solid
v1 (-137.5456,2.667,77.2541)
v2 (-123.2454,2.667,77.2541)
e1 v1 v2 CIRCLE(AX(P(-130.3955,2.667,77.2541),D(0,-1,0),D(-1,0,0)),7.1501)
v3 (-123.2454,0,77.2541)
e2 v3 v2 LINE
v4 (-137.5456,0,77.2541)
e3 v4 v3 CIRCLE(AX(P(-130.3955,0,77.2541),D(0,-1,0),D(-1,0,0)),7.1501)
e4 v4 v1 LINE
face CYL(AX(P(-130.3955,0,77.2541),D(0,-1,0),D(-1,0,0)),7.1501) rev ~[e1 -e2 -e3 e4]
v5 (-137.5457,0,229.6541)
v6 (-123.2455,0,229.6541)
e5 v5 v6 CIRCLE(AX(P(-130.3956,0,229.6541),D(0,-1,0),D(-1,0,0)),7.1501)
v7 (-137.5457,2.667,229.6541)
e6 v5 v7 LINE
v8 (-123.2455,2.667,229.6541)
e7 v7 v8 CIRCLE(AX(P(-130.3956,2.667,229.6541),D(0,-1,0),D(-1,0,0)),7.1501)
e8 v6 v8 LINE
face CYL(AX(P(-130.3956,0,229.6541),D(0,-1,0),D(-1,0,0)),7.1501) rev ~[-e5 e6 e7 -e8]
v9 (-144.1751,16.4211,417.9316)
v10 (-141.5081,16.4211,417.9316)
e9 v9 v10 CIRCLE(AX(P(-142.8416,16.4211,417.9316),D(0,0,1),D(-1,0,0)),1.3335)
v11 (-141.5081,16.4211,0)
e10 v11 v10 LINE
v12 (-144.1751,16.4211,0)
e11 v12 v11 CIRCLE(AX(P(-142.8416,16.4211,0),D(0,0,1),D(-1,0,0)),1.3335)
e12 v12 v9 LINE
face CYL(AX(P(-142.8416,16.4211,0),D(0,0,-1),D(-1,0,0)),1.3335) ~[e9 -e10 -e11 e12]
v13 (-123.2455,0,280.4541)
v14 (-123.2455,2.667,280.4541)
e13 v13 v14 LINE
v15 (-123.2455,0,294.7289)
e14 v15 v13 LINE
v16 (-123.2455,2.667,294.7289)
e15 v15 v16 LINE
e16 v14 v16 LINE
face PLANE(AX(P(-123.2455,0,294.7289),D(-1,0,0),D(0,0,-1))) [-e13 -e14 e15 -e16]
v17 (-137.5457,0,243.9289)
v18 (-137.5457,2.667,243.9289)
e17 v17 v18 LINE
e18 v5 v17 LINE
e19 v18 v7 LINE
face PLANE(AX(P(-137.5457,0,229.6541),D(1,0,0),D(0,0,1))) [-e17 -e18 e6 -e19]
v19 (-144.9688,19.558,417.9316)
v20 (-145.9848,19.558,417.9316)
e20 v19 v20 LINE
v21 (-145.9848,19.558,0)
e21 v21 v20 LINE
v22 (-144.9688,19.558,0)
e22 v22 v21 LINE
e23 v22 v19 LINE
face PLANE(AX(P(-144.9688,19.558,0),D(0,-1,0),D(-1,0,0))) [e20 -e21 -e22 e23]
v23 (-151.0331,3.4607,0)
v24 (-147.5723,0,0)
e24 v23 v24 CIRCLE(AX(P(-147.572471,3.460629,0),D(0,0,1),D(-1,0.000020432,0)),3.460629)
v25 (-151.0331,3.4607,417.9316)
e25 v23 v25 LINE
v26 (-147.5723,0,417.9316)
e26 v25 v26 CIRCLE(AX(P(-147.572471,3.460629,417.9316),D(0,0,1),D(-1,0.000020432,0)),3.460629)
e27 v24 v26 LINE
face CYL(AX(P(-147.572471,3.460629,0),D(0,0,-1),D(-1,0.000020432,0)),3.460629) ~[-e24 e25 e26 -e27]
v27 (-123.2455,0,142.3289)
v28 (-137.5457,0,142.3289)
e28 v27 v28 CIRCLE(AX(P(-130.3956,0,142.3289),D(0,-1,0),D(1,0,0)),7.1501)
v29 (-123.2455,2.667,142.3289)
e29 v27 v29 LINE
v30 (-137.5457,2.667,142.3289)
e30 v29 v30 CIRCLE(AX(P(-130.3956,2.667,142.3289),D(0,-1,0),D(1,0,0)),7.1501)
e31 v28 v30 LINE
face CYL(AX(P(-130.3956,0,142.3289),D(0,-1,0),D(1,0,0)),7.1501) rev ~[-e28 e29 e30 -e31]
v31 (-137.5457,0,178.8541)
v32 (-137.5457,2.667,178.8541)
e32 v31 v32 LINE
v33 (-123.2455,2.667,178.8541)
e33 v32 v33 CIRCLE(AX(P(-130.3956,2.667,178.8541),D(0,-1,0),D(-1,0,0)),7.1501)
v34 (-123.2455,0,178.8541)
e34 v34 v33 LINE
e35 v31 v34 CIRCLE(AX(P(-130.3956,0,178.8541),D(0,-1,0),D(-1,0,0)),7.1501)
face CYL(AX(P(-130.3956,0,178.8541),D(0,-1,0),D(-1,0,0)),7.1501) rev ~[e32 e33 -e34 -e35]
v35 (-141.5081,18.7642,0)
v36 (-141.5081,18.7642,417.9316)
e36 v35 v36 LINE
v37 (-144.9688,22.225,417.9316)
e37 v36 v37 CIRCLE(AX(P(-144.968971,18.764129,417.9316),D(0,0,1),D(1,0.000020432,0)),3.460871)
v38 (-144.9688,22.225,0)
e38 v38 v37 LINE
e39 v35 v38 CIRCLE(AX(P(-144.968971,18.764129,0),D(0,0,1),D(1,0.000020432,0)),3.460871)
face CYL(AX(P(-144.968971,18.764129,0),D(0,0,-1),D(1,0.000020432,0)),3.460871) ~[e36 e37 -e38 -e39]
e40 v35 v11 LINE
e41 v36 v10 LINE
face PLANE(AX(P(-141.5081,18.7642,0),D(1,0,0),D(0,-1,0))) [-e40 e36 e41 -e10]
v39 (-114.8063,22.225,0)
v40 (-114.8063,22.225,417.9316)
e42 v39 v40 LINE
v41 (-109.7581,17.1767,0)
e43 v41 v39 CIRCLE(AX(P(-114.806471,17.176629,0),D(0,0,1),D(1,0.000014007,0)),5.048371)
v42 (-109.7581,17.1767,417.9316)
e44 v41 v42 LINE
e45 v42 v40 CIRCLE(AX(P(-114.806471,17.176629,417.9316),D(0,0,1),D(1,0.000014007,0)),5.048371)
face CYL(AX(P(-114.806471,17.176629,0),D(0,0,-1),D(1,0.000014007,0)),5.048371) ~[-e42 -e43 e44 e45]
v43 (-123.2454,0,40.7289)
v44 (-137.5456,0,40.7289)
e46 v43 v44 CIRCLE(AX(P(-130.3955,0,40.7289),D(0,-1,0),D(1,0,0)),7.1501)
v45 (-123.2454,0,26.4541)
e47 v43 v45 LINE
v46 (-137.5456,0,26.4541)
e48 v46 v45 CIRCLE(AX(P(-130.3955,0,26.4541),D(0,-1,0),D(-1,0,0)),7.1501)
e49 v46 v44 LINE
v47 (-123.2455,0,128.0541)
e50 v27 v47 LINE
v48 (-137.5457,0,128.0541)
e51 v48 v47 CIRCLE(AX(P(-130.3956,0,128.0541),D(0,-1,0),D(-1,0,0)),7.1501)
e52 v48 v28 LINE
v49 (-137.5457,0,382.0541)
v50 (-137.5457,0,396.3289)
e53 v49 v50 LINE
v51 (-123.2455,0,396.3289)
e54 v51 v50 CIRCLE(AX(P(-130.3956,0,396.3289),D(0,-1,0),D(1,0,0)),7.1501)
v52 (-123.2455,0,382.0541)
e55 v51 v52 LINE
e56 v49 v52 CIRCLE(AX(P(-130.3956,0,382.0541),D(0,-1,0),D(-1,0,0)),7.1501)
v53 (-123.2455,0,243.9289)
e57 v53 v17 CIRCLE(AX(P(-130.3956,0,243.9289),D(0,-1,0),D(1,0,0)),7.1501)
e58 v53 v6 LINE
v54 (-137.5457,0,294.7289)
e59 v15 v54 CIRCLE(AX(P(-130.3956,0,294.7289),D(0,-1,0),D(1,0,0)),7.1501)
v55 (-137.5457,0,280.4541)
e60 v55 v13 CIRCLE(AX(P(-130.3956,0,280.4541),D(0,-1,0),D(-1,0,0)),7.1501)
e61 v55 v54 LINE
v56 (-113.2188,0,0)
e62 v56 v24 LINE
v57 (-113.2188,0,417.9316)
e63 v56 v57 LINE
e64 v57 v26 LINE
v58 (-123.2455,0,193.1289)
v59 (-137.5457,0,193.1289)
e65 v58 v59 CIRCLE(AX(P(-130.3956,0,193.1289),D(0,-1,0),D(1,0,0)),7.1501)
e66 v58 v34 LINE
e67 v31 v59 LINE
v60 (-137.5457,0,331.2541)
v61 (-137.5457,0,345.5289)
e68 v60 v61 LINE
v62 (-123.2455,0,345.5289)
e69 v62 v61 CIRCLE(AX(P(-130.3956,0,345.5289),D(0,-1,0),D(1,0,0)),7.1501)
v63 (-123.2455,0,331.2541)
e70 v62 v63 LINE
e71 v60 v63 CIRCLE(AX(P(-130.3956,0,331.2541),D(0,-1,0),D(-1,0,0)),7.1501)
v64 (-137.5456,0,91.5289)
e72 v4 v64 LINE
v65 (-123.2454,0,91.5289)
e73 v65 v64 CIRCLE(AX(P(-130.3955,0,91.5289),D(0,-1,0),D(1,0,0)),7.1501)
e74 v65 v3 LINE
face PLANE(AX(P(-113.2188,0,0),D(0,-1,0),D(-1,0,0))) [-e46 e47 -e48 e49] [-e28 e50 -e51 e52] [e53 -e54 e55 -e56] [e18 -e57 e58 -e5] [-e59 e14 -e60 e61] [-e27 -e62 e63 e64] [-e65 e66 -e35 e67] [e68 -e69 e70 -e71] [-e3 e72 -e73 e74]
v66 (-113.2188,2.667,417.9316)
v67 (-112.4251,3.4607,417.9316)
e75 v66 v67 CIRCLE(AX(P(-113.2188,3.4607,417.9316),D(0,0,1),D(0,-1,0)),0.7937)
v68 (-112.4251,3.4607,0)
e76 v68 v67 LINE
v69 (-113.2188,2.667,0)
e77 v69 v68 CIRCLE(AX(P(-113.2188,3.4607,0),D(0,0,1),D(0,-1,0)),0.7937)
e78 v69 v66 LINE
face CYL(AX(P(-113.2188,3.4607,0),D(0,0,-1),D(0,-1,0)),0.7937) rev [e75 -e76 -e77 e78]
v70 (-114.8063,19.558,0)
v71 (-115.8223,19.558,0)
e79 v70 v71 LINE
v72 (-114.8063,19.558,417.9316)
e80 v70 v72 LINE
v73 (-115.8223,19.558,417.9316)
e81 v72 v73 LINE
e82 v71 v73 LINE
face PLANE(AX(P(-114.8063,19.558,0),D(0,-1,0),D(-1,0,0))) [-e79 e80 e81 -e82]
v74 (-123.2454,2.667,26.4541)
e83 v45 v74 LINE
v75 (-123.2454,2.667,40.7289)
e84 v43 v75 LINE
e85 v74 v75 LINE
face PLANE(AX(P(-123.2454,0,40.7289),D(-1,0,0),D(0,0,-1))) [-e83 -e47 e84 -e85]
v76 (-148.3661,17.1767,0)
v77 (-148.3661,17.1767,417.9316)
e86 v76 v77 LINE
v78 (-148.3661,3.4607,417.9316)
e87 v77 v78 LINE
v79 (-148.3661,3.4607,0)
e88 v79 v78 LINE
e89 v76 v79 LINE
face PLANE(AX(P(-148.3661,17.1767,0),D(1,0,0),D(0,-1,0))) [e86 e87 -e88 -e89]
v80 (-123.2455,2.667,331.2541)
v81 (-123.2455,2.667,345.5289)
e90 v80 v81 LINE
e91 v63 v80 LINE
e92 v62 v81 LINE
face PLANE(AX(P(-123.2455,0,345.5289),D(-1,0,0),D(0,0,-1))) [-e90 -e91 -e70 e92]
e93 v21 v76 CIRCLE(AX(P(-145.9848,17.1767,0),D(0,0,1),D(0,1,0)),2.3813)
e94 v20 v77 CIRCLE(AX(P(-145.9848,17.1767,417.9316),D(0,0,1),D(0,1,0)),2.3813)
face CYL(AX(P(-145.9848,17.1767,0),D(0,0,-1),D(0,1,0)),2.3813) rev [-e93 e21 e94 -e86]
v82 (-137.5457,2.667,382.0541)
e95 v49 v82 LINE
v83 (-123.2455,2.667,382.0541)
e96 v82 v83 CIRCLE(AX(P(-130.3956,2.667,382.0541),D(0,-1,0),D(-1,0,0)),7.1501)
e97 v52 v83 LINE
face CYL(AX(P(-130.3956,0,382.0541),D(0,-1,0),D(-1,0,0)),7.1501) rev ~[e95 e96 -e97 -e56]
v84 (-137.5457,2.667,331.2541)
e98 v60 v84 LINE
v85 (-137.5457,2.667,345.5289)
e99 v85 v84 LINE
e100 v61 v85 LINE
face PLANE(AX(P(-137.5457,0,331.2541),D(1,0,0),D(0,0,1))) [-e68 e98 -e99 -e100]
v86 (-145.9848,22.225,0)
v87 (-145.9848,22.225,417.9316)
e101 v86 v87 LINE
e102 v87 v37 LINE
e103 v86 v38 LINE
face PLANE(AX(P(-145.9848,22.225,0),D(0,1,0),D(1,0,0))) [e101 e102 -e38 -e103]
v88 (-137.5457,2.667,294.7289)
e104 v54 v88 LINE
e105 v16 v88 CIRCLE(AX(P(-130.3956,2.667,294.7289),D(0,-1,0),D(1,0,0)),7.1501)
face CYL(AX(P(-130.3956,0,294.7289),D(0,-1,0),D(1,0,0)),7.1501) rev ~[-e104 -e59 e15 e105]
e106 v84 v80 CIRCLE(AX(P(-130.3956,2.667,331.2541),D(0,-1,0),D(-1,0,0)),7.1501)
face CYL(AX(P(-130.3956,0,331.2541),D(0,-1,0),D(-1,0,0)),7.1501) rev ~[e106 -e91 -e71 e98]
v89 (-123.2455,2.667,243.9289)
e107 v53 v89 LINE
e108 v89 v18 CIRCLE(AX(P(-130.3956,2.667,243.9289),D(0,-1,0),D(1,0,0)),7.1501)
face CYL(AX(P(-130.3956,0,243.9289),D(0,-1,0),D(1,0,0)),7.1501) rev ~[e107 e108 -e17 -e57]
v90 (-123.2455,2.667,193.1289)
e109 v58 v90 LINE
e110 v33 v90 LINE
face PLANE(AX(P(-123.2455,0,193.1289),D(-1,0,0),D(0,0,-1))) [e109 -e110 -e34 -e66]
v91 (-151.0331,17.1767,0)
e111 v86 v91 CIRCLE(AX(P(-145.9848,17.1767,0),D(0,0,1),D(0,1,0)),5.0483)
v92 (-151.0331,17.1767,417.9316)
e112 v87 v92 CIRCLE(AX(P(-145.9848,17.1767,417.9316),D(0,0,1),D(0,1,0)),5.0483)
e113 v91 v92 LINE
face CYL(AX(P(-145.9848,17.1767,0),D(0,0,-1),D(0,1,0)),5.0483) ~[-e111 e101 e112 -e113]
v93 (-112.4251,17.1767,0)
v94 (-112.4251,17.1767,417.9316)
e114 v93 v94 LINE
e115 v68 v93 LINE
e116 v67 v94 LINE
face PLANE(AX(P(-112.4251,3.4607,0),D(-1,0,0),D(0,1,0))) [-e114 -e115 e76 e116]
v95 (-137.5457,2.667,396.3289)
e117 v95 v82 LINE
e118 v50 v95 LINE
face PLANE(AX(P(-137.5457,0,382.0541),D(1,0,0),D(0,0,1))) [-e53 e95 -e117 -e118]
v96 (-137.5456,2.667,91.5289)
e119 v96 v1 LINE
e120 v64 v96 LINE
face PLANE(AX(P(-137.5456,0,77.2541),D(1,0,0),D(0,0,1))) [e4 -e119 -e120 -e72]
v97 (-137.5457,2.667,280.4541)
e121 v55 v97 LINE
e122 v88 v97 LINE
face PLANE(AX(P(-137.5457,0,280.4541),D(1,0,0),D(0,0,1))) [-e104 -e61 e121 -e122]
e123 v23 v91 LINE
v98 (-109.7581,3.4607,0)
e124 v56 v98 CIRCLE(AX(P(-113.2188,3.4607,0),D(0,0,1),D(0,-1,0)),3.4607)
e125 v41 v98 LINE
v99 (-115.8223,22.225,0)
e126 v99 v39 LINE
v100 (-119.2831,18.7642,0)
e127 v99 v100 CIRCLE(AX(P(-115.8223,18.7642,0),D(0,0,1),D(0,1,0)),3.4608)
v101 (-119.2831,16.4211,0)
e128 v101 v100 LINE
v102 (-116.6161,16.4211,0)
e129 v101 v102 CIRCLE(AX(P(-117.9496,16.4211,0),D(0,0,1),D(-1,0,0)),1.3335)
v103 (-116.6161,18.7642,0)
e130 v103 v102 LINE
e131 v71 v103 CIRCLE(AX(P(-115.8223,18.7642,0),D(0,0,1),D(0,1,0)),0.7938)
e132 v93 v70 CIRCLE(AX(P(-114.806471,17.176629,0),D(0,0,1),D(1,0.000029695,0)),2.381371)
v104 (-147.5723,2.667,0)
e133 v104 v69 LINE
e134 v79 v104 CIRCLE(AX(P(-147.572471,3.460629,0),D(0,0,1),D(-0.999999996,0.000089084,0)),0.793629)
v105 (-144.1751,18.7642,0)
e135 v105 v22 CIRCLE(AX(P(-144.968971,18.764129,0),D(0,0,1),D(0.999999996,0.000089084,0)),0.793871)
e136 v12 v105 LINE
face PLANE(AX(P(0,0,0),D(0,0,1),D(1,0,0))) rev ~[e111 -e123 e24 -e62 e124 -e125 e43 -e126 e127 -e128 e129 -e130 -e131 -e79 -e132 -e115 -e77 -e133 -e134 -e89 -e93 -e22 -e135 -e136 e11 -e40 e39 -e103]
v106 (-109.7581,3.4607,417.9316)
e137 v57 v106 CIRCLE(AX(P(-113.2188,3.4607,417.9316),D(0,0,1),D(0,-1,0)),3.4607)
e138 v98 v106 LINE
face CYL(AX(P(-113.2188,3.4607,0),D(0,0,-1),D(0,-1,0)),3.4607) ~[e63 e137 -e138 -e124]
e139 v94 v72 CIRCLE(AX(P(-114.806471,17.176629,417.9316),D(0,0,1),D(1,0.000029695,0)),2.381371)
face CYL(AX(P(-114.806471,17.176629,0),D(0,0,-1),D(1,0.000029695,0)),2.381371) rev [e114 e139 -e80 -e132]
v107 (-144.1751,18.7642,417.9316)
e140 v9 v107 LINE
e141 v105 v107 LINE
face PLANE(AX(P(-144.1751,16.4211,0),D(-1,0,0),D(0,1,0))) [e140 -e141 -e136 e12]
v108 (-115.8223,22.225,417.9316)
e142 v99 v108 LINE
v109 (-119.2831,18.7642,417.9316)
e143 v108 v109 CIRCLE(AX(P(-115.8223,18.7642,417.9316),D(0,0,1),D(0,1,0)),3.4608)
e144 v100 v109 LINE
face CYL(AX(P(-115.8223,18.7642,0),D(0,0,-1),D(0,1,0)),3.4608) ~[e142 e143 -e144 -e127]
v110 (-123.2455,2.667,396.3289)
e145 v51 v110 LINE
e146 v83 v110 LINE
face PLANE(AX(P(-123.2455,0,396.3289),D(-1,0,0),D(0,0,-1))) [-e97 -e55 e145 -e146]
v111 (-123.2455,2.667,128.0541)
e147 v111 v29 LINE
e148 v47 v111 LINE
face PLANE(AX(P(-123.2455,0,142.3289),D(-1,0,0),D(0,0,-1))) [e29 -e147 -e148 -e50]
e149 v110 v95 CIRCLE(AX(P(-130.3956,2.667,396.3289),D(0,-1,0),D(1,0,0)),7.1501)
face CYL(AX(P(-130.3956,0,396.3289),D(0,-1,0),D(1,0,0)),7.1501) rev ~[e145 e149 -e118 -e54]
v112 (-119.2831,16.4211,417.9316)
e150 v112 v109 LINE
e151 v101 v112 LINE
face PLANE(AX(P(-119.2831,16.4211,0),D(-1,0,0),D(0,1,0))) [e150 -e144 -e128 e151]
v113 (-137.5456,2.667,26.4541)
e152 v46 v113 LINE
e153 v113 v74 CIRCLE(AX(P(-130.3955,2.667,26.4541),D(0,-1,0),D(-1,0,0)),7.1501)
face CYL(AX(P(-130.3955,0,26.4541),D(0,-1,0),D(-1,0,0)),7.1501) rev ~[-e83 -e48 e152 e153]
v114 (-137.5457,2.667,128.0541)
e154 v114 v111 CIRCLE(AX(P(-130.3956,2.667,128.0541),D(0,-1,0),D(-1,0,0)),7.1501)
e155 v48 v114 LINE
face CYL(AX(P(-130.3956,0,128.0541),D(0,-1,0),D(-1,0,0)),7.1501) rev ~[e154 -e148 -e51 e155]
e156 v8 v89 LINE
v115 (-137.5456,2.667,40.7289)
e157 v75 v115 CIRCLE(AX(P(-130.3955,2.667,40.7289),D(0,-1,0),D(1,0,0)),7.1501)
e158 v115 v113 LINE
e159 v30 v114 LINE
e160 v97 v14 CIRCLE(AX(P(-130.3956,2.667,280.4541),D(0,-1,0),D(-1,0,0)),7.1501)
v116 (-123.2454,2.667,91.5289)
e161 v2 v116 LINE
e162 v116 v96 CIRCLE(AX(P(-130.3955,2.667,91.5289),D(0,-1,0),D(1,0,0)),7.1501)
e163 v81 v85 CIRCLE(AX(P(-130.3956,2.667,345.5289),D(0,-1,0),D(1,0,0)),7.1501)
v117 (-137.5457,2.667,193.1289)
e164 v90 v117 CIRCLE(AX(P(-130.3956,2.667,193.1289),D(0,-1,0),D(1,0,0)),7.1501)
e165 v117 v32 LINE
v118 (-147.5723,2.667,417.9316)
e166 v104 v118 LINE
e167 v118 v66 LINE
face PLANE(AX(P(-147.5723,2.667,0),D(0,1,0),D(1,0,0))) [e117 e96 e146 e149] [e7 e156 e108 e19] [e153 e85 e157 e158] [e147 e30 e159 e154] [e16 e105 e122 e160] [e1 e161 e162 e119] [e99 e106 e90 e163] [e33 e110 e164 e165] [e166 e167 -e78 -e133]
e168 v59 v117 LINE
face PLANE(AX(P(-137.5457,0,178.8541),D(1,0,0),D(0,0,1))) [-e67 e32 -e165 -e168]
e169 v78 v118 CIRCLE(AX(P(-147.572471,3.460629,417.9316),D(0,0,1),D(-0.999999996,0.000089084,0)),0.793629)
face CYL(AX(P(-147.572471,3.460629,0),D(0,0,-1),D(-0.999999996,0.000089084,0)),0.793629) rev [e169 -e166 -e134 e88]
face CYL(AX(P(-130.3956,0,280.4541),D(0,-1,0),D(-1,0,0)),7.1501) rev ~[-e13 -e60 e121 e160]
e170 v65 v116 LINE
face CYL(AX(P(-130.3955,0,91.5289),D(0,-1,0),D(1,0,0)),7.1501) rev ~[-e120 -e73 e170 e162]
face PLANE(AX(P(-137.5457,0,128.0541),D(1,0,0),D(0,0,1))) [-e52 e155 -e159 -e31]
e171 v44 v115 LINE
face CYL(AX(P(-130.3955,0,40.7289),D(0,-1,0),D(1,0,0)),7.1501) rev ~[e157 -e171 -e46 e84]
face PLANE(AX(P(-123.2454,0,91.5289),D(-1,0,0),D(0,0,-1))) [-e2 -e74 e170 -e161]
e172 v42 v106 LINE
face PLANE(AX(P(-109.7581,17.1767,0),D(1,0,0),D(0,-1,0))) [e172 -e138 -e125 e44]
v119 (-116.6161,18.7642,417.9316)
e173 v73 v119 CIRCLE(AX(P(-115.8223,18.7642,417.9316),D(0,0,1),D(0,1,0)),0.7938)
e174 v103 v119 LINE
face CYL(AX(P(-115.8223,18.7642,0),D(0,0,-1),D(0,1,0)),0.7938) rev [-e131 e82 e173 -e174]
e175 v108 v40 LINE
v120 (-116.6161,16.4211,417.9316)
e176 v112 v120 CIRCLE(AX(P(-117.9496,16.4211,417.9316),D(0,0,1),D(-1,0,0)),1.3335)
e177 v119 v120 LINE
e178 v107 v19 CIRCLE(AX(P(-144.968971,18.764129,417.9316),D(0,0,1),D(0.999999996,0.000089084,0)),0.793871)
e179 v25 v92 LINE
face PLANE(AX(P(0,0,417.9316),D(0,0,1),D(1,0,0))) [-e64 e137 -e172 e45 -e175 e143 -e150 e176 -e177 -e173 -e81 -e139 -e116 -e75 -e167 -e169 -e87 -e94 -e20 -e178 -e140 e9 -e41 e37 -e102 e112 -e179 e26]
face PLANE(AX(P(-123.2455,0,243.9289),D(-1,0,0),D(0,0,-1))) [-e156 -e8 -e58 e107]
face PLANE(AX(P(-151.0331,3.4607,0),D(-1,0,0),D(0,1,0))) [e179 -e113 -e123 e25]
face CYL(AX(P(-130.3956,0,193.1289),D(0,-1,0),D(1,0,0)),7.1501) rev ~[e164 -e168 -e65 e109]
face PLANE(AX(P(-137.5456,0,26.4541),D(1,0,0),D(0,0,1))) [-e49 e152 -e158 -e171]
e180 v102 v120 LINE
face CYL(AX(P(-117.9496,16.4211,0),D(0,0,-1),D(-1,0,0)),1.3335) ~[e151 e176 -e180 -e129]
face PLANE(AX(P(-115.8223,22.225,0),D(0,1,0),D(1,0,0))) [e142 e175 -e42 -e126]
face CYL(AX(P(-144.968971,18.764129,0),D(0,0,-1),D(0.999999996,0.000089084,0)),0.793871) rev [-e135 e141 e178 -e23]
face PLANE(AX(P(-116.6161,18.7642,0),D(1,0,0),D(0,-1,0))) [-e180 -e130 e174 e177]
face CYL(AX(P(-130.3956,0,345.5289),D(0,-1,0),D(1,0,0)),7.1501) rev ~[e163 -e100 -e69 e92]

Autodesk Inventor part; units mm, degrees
ref_plane "YZ Plane" through (0, 0, 0) normal (1, 0, 0) x (0, 1, 0)
ref_plane "XZ Plane" through (0, 0, 0) normal (0, 1, 0) x (-1, 0, 0)
ref_plane "XY Plane" through (0, 0, 0) normal (0, 0, 1) x (1, 0, 0)
ref_plane "Work Plane3" through (0, 0, 0) normal (0, 0, 1) x (1, 0, 0)
sketch "Sketch1" plane through (0, 0, 0) normal (0, 0, 1) x (1, 0, 0)
  arc A0 (-113.2188, 0) -> (-109.7581, 3.4607) centre (-113.2188, 3.4607) ccw projected
  line L0 (-109.7581, 17.1767) -> (-109.7581, 3.4607) projected
  arc A1 (-109.7581, 17.1767) -> (-114.8063, 22.225) centre (-114.8063, 17.1767) ccw projected
  line L1 (-115.8223, 22.225) -> (-114.8063, 22.225) projected
  arc A2 (-115.8223, 22.225) -> (-119.2831, 18.7642) centre (-115.8223, 18.7642) ccw projected
  line L2 (-119.2831, 16.4211) -> (-119.2831, 18.7642) projected
  arc A3 (-119.2831, 16.4211) -> (-116.6161, 16.4211) centre (-117.9496, 16.4211) ccw projected
  line L3 (-116.6161, 18.7642) -> (-116.6161, 16.4211) projected
  arc A4 (-115.8223, 19.558) -> (-116.6161, 18.7642) centre (-115.8223, 18.7642) ccw projected
  line L4 (-114.8063, 19.558) -> (-115.8223, 19.558) projected
  arc A5 (-112.4251, 17.1767) -> (-114.8063, 19.558) centre (-114.8063, 17.1767) ccw projected
  line L5 (-112.4251, 3.4607) -> (-112.4251, 17.1767) projected
  arc A6 (-113.2188, 2.667) -> (-112.4251, 3.4607) centre (-113.2188, 3.4607) ccw projected
  line L6 (-147.5723, 2.667) -> (-113.2188, 2.667) projected
  arc A7 (-148.3661, 3.4607) -> (-147.5723, 2.667) centre (-147.5723, 3.4607) ccw projected
  line L7 (-148.3661, 17.1767) -> (-148.3661, 3.4607) projected
  arc A8 (-145.9848, 19.558) -> (-148.3661, 17.1767) centre (-145.9848, 17.1767) ccw projected
  line L8 (-144.9688, 19.558) -> (-145.9848, 19.558) projected
  arc A9 (-144.1751, 18.7642) -> (-144.9688, 19.558) centre (-144.9688, 18.7642) ccw projected
  line L9 (-144.1751, 16.4211) -> (-144.1751, 18.7642) projected
  arc A10 (-144.1751, 16.4211) -> (-141.5081, 16.4211) centre (-142.8416, 16.4211) ccw projected
  line L10 (-141.5081, 18.7642) -> (-141.5081, 16.4211) projected
  arc A11 (-141.5081, 18.7642) -> (-144.9688, 22.225) centre (-144.9688, 18.7642) ccw projected
  line L11 (-145.9848, 22.225) -> (-144.9688, 22.225) projected
  arc A12 (-145.9848, 22.225) -> (-151.0331, 17.1767) centre (-145.9848, 17.1767) ccw projected
  line L12 (-151.0331, 3.4607) -> (-151.0331, 17.1767) projected
  arc A13 (-151.0331, 3.4607) -> (-147.5723, 0) centre (-147.5723, 3.4607) ccw projected
  line L13 (-113.2188, 0) -> (-147.5723, 0) projected
  point P0 (0, 0)
extrude "Extrusion1" add sketch "Sketch1" along normal blind 417.9316
ref_plane "Work Plane10" through (-147.5723, 0, 0) normal (0, -1, 0) x (1, 0, 0)
sketch "Sketch2" plane through (-147.5723, 0, 0) normal (0, -1, 0) x (1, 0, 0)
  line L0 (17.1768, 26.4541) -> (17.1768, 40.7289) construction
  line L1 (6.0642, 0) -> (6.0642, 417.9316) projected
  line L2 (10.0267, 26.4541) -> (10.0267, 40.7289)
  line L3 (24.3269, 40.7289) -> (24.3269, 26.4541)
  arc A0 (10.0267, 26.4541) -> (24.3269, 26.4541) centre (17.1768, 26.4541) ccw
  arc A1 (24.3269, 40.7289) -> (10.0267, 40.7289) centre (17.1768, 40.7289) ccw
  line L4 (0, 0) -> (34.3535, 0) construction
  line L5 (17.1768, 0) -> (17.1767, 417.9316) construction
  line L6 (34.3535, 417.9316) -> (0, 417.9316) construction
  line L7 (10.0267, 77.2541) -> (10.0267, 91.5289)
  line L8 (24.3269, 91.5289) -> (24.3269, 77.2541)
  arc A2 (10.0267, 77.2541) -> (24.3269, 77.2541) centre (17.1768, 77.2541) ccw
  arc A3 (24.3269, 91.5289) -> (10.0267, 91.5289) centre (17.1768, 91.5289) ccw
  line L9 (17.1768, 50.8) -> (17.1767, 468.7316) construction
  line L10 (10.0266, 128.0541) -> (10.0266, 142.3289)
  line L11 (24.3268, 142.3289) -> (24.3268, 128.0541)
  arc A4 (10.0266, 128.0541) -> (24.3268, 128.0541) centre (17.1767, 128.0541) ccw
  arc A5 (24.3268, 142.3289) -> (10.0266, 142.3289) centre (17.1767, 142.3289) ccw
  line L12 (17.1768, 101.6) -> (17.1767, 519.5316) construction
  line L13 (10.0266, 178.8541) -> (10.0266, 193.1289)
  line L14 (24.3268, 193.1289) -> (24.3268, 178.8541)
  arc A6 (10.0266, 178.8541) -> (24.3268, 178.8541) centre (17.1767, 178.8541) ccw
  arc A7 (24.3268, 193.1289) -> (10.0266, 193.1289) centre (17.1767, 193.1289) ccw
  line L15 (17.1767, 152.4) -> (17.1767, 570.3316) construction
  line L16 (10.0266, 229.6541) -> (10.0266, 243.9289)
  line L17 (24.3268, 243.9289) -> (24.3268, 229.6541)
  arc A8 (10.0266, 229.6541) -> (24.3268, 229.6541) centre (17.1767, 229.6541) ccw
  arc A9 (24.3268, 243.9289) -> (10.0266, 243.9289) centre (17.1767, 243.9289) ccw
  line L18 (17.1767, 203.2) -> (17.1767, 621.1316) construction
  line L19 (10.0266, 280.4541) -> (10.0266, 294.7289)
  line L20 (24.3268, 294.7289) -> (24.3268, 280.4541)
  arc A10 (10.0266, 280.4541) -> (24.3268, 280.4541) centre (17.1767, 280.4541) ccw
  arc A11 (24.3268, 294.7289) -> (10.0266, 294.7289) centre (17.1767, 294.7289) ccw
  line L21 (17.1767, 254) -> (17.1767, 671.9316) construction
  line L22 (10.0266, 331.2541) -> (10.0266, 345.5289)
  line L23 (24.3268, 345.5289) -> (24.3268, 331.2541)
  arc A12 (10.0266, 331.2541) -> (24.3268, 331.2541) centre (17.1767, 331.2541) ccw
  arc A13 (24.3268, 345.5289) -> (10.0266, 345.5289) centre (17.1767, 345.5289) ccw
  line L24 (17.1767, 304.8) -> (17.1767, 722.7316) construction
  line L25 (10.0266, 382.0541) -> (10.0266, 396.3289)
  line L26 (24.3268, 396.3289) -> (24.3268, 382.0541)
  arc A14 (10.0266, 382.0541) -> (24.3268, 382.0541) centre (17.1767, 382.0541) ccw
  arc A15 (24.3268, 396.3289) -> (10.0266, 396.3289) centre (17.1767, 396.3289) ccw
  line L27 (17.1767, 355.6) -> (17.1767, 773.5316) construction
  point P0 (147.5723, 0)
  point P1 (17.1768, 33.5915)
  point P2 (17.1768, 84.3915)
  point P3 (17.1768, 135.1915)
  point P4 (17.1767, 185.9915)
  point P5 (17.1767, 236.7915)
  point P6 (17.1767, 287.5915)
  point P7 (17.1767, 338.3915)
  point P8 (17.1767, 389.1915)
  dimension "d2" = 14.3002
  dimension "d3" = 14.2748
  dimension "d4" = 26.4541
  dimension "d7" = 50.8
extrude "Extrusion2" cut sketch "Sketch2" against normal blind 25.4
properties part number "c channel for mounting plate 760 first hole"
